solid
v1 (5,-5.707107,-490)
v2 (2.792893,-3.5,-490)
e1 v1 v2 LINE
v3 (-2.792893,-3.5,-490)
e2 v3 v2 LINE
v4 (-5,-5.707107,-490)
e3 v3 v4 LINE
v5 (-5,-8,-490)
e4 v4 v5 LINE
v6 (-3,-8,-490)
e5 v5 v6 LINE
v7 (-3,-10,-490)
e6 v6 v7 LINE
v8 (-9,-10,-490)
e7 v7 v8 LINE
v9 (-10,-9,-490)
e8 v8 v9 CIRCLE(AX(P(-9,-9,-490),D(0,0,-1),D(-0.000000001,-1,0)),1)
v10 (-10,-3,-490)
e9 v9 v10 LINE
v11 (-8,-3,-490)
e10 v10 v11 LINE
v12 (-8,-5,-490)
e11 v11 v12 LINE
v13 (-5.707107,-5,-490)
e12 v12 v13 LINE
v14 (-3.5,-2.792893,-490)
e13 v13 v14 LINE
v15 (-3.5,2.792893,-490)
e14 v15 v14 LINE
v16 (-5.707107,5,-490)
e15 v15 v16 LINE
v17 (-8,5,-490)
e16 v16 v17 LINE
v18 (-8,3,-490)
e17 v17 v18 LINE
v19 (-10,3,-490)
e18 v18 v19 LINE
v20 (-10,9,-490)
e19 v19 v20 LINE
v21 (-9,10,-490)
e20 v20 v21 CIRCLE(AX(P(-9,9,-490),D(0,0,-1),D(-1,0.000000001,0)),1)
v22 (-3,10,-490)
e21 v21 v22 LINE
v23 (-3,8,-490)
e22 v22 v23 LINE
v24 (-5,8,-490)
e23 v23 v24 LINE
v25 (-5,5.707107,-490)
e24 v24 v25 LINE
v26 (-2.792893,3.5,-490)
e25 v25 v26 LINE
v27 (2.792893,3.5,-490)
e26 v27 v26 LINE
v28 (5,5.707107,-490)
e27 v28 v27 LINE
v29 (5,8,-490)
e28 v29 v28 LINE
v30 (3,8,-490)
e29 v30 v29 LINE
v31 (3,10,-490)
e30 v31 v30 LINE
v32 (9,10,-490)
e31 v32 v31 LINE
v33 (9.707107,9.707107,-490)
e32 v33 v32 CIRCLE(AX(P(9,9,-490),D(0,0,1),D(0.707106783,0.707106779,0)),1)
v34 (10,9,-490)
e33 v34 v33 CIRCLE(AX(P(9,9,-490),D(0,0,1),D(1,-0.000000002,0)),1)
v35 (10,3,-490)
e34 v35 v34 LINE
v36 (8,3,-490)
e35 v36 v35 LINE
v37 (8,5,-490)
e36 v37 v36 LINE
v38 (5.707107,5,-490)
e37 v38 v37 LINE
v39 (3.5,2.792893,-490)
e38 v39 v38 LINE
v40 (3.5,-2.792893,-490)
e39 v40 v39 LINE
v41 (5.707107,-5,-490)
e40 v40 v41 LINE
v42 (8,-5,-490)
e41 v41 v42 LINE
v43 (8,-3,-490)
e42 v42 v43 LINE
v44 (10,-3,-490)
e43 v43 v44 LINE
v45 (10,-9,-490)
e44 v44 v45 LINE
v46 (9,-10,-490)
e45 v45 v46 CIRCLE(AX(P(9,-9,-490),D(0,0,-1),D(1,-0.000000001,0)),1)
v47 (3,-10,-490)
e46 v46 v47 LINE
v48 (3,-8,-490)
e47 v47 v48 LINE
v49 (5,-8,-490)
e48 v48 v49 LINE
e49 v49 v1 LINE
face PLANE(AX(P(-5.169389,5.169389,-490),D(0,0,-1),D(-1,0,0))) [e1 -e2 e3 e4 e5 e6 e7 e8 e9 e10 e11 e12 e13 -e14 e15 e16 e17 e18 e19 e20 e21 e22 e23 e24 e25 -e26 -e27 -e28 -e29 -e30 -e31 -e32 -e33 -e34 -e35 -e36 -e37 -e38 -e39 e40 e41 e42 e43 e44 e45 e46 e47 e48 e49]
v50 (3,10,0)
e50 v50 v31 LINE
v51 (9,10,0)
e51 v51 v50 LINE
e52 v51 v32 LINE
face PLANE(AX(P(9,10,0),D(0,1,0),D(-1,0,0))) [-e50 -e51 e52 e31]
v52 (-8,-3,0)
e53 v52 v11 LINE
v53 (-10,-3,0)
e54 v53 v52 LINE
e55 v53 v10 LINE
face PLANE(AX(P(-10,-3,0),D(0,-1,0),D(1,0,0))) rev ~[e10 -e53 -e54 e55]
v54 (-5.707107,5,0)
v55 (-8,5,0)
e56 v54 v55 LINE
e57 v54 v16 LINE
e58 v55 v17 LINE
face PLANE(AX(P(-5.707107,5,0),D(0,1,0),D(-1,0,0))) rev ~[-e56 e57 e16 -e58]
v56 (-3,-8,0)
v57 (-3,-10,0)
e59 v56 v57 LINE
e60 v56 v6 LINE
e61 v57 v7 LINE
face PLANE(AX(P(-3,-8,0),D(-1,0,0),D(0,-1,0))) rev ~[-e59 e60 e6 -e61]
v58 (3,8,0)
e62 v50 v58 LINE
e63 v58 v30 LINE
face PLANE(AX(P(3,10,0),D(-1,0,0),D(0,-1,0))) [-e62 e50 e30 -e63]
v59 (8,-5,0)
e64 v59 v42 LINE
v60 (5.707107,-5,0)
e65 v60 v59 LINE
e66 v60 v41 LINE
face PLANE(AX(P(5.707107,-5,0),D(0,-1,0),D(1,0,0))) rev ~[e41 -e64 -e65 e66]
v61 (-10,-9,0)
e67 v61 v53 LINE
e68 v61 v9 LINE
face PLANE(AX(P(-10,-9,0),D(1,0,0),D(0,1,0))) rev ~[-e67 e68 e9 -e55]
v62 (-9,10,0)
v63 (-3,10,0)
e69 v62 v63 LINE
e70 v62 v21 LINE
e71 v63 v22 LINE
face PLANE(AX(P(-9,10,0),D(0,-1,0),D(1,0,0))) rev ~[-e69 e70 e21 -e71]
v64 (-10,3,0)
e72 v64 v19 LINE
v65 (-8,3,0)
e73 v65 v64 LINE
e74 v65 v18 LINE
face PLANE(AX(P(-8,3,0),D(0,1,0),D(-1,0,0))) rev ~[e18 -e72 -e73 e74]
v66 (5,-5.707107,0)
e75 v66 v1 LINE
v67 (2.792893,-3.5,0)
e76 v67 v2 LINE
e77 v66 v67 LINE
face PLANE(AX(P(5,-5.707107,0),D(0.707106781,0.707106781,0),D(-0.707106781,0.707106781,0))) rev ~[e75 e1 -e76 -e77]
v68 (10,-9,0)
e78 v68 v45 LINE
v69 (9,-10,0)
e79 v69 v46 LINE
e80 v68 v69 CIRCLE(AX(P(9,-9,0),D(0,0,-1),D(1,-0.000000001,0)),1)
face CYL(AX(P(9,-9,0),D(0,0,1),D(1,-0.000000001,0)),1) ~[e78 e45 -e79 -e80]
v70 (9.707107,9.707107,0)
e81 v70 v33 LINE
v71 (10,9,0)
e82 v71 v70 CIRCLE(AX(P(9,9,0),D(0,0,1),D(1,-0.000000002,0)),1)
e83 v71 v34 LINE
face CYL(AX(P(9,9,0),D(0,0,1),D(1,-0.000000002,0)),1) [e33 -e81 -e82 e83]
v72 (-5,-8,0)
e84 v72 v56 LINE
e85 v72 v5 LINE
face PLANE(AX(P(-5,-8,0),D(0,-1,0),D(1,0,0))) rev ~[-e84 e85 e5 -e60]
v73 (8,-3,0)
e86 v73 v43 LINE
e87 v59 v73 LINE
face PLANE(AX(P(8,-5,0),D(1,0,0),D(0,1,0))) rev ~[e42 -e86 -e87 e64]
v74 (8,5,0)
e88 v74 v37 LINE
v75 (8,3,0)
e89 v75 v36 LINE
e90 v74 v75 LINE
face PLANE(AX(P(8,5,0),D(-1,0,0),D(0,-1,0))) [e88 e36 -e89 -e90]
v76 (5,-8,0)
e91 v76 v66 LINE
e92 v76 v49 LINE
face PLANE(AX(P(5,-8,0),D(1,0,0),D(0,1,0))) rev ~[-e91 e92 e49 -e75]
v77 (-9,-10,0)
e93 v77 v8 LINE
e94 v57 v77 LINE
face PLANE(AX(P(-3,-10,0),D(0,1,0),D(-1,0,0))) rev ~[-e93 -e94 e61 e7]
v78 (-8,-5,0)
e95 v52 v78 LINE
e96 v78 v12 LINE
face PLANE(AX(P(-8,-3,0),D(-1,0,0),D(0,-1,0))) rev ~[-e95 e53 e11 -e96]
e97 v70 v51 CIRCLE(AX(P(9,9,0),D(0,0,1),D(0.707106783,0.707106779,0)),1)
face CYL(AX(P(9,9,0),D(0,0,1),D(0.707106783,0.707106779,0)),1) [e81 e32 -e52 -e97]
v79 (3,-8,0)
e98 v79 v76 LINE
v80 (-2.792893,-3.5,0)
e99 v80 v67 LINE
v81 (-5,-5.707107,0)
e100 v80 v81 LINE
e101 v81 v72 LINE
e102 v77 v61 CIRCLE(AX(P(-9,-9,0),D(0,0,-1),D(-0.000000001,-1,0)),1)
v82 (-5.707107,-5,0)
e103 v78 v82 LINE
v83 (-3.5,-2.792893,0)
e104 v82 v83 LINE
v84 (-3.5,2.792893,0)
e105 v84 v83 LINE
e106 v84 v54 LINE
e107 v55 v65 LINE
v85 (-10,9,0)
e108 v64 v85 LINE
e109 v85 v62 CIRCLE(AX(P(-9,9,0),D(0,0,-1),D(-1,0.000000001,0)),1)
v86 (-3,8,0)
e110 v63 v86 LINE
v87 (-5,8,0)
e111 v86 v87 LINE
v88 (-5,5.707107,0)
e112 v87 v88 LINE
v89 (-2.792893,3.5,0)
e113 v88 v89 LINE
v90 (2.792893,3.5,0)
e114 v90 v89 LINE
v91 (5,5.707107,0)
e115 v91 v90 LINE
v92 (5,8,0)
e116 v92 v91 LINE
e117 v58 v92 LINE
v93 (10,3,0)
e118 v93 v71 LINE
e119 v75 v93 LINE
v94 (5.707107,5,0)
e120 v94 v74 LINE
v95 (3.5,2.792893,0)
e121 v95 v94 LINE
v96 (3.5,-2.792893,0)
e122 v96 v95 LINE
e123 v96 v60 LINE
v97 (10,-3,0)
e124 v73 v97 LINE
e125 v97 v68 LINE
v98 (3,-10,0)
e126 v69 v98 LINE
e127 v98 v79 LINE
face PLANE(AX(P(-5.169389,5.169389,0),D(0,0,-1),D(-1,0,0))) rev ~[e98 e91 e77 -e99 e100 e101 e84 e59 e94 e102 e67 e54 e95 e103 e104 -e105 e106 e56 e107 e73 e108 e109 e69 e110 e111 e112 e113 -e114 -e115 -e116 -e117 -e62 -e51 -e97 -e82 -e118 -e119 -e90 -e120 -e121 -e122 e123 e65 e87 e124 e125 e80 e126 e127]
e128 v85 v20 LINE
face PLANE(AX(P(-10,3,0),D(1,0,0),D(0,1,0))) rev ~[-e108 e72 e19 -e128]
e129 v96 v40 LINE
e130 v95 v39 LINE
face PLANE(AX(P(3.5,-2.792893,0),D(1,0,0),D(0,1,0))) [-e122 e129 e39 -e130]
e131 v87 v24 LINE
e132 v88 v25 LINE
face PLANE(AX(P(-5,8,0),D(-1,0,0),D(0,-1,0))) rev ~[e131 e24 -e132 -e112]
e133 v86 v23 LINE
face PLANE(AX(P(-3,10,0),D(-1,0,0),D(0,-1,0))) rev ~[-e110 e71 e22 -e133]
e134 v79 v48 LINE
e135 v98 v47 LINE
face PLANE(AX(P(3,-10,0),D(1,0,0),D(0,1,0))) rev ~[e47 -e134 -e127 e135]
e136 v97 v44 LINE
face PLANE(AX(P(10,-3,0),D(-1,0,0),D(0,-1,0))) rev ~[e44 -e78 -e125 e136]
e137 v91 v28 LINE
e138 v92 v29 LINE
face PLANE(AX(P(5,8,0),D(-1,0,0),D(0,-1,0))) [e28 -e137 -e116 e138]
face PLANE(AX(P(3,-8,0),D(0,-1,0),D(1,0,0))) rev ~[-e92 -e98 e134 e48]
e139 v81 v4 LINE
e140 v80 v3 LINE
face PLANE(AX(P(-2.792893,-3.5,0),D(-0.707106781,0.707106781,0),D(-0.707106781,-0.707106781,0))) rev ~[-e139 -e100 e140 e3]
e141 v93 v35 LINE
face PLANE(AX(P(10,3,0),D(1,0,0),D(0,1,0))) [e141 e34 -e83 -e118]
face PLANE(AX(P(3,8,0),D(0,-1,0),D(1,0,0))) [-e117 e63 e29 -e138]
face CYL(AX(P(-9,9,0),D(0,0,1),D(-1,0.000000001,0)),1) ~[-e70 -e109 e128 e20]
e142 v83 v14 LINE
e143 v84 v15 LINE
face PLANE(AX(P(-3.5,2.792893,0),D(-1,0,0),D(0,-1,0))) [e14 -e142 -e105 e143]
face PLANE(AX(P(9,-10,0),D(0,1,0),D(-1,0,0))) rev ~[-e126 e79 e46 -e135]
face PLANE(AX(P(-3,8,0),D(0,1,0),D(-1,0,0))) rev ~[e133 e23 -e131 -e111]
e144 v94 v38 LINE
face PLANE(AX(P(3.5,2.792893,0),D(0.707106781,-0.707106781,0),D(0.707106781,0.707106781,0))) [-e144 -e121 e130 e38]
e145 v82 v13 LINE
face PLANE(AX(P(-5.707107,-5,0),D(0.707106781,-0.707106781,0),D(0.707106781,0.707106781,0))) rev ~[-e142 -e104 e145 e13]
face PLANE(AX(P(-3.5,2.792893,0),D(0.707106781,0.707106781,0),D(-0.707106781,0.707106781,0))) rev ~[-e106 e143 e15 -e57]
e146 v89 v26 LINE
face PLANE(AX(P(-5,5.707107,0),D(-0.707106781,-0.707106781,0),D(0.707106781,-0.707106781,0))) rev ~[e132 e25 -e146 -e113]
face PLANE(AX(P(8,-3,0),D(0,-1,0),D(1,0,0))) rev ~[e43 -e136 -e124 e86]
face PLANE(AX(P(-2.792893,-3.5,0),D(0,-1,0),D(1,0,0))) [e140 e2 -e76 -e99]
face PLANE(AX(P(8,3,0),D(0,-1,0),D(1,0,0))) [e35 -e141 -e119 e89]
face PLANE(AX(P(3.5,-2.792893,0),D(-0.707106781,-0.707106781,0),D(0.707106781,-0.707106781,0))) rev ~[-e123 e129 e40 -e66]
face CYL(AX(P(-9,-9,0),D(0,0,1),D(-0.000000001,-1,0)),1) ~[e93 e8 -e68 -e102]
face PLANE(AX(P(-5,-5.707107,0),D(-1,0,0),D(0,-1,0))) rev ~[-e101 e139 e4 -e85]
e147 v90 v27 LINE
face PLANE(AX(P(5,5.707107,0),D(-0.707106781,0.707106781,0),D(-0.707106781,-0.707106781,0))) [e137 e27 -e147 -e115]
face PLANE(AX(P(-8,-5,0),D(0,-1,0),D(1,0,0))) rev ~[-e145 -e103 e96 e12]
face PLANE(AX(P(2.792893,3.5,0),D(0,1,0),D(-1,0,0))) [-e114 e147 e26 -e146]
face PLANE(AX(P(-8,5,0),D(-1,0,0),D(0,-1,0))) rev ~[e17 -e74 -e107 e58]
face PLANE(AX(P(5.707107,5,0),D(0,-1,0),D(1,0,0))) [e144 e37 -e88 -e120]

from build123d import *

# Parameters (mm, degrees)
BOSS_EXTRUDE1_DEPTH = 490


with BuildPart() as part:
    # Sketch1 → Boss-Extrude1 (new body)
    with BuildSketch(Plane.XY):
        with BuildLine():
            Line((-9, 10), (-3, 10))
            Line((-3, 10), (-3, 8))
            Line((-3, 8), (-5, 8))
            Line((-5, 8), (-5, 5.707106781))
            Line((-5, 5.707106781), (-2.792893219, 3.5))
            Line((-2.792893219, 3.5), (0, 3.5))
            Line((0, 3.5), (0, 0))
            Line((0, 0), (-3.5, 0))
            Line((-3.5, 0), (-3.5, 2.792893219))
            Line((-3.5, 2.792893219), (-5.707106781, 5))
            Line((-5.707106781, 5), (-8, 5))
            Line((-8, 5), (-8, 3))
            Line((-8, 3), (-10, 3))
            Line((-10, 3), (-10, 9))
            ThreePointArc((-10, 9), (-9.707106781, 9.707106781), (-9, 10))
        make_face()
        with BuildLine():
            Line((9.707106781, 9.707106781), (0, 0))
            Line((0, 0), (3.5, 0))
            Line((3.5, 0), (3.5, 2.792893219))
            Line((3.5, 2.792893219), (5.707106781, 5))
            Line((5.707106781, 5), (8, 5))
            Line((8, 5), (8, 3))
            Line((8, 3), (10, 3))
            Line((10, 3), (10, 9))
            ThreePointArc((10, 9), (9.923879533, 9.382683432), (9.707106781, 9.707106781))
        make_face()
        with BuildLine():
            Line((0, 3.5), (0, 0))
            Line((0, 0), (9.707106781, 9.707106781))
            ThreePointArc((9.707106781, 9.707106781), (9.382683432, 9.923879533), (9, 10))
            Line((9, 10), (3, 10))
            Line((3, 10), (3, 8))
            Line((3, 8), (5, 8))
            Line((5, 8), (5, 5.707106781))
            Line((5, 5.707106781), (2.792893219, 3.5))
            Line((2.792893219, 3.5), (0, 3.5))
        make_face()
        with BuildLine():
            Line((-10, -9), (-10, -3))
            Line((-10, -3), (-8, -3))
            Line((-8, -3), (-8, -5))
            Line((-8, -5), (-5.707106781, -5))
            Line((-5.707106781, -5), (-3.5, -2.792893219))
            Line((-3.5, -2.792893219), (-3.5, 0))
            Line((-3.5, 0), (0, 0))
            Line((0, 0), (0, -3.5))
            Line((0, -3.5), (-2.792893219, -3.5))
            Line((-2.792893219, -3.5), (-5, -5.707106781))
            Line((-5, -5.707106781), (-5, -8))
            Line((-5, -8), (-3, -8))
            Line((-3, -8), (-3, -10))
            Line((-3, -10), (-9, -10))
            ThreePointArc((-9, -10), (-9.707106781, -9.707106781), (-10, -9))
        make_face()
        with BuildLine():
            Line((9, -10), (3, -10))
            Line((3, -10), (3, -8))
            Line((3, -8), (5, -8))
            Line((5, -8), (5, -5.707106781))
            Line((5, -5.707106781), (2.792893219, -3.5))
            Line((2.792893219, -3.5), (0, -3.5))
            Line((0, -3.5), (0, 0))
            Line((0, 0), (3.5, 0))
            Line((3.5, 0), (3.5, -2.792893219))
            Line((3.5, -2.792893219), (5.707106781, -5))
            Line((5.707106781, -5), (8, -5))
            Line((8, -5), (8, -3))
            Line((8, -3), (10, -3))
            Line((10, -3), (10, -9))
            ThreePointArc((10, -9), (9.707106781, -9.707106781), (9, -10))
        make_face()
    extrude(amount=-BOSS_EXTRUDE1_DEPTH)


solid = part.part
